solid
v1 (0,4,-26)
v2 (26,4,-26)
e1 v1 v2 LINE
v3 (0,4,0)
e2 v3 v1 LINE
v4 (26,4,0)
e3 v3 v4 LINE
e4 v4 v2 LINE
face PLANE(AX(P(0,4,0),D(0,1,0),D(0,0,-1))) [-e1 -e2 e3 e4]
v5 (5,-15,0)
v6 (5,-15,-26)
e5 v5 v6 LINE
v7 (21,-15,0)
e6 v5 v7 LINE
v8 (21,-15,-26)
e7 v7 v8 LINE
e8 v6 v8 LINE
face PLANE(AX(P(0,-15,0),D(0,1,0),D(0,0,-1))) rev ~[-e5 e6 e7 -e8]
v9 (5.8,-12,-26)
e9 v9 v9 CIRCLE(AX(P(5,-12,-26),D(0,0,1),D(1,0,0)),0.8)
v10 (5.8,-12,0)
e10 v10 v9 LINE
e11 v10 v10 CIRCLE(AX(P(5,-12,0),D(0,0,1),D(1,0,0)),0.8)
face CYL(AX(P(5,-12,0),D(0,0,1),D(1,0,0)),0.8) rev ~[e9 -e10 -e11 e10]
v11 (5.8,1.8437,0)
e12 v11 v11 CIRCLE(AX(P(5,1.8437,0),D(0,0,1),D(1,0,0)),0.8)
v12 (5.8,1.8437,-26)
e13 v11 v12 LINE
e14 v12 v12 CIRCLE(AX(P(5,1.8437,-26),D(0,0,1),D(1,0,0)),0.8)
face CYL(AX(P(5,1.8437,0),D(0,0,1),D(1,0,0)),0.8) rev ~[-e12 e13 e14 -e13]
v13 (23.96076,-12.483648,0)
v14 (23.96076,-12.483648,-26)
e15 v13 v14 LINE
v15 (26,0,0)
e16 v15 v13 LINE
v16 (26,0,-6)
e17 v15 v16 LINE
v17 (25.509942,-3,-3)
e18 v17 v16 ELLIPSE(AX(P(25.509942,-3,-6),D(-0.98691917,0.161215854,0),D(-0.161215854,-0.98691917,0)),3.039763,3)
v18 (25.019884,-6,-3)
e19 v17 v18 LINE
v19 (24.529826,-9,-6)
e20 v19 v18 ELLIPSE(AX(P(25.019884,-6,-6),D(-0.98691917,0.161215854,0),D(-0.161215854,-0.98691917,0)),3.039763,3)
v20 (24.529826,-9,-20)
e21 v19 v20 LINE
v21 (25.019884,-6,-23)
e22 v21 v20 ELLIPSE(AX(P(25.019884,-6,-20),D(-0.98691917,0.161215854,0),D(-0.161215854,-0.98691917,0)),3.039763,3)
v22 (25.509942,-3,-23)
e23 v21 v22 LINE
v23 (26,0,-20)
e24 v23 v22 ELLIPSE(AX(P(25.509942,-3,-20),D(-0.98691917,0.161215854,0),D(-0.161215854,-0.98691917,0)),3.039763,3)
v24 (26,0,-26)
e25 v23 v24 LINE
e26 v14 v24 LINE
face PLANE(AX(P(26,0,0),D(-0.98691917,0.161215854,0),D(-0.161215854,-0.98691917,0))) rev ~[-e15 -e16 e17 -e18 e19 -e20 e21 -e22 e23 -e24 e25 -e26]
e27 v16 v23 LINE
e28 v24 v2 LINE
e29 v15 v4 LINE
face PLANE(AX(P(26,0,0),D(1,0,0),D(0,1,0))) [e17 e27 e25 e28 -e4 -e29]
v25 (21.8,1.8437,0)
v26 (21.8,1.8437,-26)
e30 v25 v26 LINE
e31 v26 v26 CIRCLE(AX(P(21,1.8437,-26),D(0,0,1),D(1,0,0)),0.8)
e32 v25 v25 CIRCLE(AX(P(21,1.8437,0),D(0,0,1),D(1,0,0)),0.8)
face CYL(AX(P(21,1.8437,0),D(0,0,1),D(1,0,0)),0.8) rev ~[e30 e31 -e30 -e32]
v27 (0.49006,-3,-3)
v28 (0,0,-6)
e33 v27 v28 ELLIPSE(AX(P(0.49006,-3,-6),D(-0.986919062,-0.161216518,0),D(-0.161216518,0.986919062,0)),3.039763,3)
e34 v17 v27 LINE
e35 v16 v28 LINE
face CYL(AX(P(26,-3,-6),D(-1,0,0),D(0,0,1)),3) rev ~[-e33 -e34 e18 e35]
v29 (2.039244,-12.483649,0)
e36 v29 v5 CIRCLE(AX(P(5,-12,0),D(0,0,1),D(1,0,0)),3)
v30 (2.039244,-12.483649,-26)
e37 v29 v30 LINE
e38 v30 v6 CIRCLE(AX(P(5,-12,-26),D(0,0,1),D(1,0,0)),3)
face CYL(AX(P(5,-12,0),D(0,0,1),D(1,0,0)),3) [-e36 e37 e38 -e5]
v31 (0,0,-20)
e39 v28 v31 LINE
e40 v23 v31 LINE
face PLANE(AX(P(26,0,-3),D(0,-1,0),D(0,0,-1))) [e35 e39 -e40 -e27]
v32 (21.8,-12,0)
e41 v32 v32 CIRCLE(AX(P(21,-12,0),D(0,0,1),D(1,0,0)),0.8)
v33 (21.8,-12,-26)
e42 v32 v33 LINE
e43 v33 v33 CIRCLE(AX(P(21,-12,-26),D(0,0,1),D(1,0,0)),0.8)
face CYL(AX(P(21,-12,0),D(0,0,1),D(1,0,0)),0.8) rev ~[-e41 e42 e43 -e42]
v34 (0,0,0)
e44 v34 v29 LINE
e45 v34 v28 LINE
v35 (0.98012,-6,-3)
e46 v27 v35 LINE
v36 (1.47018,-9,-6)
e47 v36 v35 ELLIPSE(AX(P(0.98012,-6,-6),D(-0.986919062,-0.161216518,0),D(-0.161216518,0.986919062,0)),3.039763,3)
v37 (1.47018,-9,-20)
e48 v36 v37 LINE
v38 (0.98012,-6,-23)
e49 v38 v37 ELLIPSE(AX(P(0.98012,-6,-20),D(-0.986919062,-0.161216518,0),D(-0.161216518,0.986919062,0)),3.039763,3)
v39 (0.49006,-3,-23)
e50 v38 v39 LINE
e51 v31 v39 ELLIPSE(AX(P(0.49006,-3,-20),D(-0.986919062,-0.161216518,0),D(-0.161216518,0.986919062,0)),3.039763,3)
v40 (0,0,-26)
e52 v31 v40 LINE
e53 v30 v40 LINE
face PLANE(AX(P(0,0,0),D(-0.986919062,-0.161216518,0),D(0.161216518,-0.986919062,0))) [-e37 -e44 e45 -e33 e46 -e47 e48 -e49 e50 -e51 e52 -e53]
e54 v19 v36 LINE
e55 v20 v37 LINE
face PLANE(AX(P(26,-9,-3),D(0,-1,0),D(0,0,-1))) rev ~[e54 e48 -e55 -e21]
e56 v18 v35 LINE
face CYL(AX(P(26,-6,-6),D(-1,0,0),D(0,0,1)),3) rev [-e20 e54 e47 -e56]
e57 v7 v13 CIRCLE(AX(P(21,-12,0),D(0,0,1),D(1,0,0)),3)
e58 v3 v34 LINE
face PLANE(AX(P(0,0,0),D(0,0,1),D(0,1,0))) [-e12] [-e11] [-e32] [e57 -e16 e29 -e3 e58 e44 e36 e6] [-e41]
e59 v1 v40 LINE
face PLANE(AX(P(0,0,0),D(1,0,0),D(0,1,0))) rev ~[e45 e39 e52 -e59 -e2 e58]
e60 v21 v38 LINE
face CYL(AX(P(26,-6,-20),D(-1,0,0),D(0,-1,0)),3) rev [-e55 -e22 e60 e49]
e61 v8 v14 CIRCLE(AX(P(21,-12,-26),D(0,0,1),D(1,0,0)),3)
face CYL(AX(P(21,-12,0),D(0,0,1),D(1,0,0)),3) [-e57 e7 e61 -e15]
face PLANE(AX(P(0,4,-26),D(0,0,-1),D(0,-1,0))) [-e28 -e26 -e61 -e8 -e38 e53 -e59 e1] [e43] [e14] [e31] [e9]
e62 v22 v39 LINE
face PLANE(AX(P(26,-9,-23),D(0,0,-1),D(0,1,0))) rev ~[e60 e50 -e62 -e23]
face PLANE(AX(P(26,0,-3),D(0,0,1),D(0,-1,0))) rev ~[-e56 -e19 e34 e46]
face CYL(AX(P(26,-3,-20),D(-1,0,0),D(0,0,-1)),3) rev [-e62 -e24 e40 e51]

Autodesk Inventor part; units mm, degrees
ref_plane "YZ Plane" through (0, 0, 0) normal (1, 0, 0) x (0, 1, 0)
ref_plane "XZ Plane" through (0, 0, 0) normal (0, 1, 0) x (-1, 0, 0)
ref_plane "XY Plane" through (0, 0, 0) normal (0, 0, 1) x (1, 0, 0)
sketch "スケッチ3" plane through (0, 0, 0) normal (1, 0, 0) x (0, 1, 0)
  line L0 (0, 0) -> (4, 0)
  line L1 (4, 0) -> (4, -26)
  line L2 (4, -26) -> (0, -26)
  line L3 (0, -26) -> (0, 0)
  line L4 (4, 0) -> (0, 0)
  line L5 (0, 0) -> (0, -26)
  line L6 (0, -26) -> (4, -26)
  line L7 (4, -26) -> (4, 0)
  line L8 (0, 0) -> (-15, 0)
  line L9 (-15, 0) -> (-15, -26)
  line L10 (-15, -26) -> (0, -26)
  line L11 (0, -26) -> (0, 0)
  dimension "d3" = 26
  dimension "d4" = 4
  dimension "d49" = 15
extrude "押し出し2" add sketch "スケッチ3" along normal blind 26
sketch "スケッチ11" plane through (0, -15, 0) normal (0, 0, 1) x (1, 0, 0)
  circle A0 centre (5, 16.8437) radius 0.8 projected
  circle A1 centre (21, 16.8437) radius 0.8 projected
  point P0 (0, 15)
extrude "押し出し11" cut sketch "スケッチ11" against normal through all
sketch "スケッチ12" plane through (26, 0, 0) normal (1, 0, 0) x (0, 0, -1)
  line L0 (0, 4) -> (0, -15) projected
  line L1 (3, 0) -> (3, -9)
  line L2 (3, -9) -> (23, -9)
  line L3 (23, -9) -> (23, 0)
  line L4 (3, 0) -> (23, 0)
  line L5 (26, 4) -> (0, 4) projected
  line L6 (0, -15) -> (26, -15) projected
  point P0 (0, 0)
  point P1 (0, -0.1563)
  point P2 (13, 4)
  point P3 (13, 0)
  dimension "d62" = 3
  dimension "d63" = 6
extrude "押し出し12" cut sketch "スケッチ12" against normal through all
fillet "フィレット1" radius 3 4 edges at (13, 0, -23) (13, 0, -3) (13, -9, -23) (13, -9, -3)
sketch "スケッチ13" plane through (0, -15, 0) normal (0, 0, 1) x (1, 0, 0)
  line L0 (0, 15) -> (2.4503, 0)
  line L1 (0, 0) -> (26, 0) projected
  line L2 (26, 12) -> (26, 15) projected
  line L3 (26, 15) -> (23.5494, -0.0019)
  circle A0 centre (5, 3) radius 3
  circle A1 centre (21, 3) radius 3
  line L4 (0, 0) -> (26, 0) projected
  line L5 (0, 19) -> (26, 19) projected
  line L6 (13, 19) -> (13, 0)
  circle A2 centre (5, 3) radius 0.8
  circle A3 centre (21, 3) radius 0.8
  circle A4 centre (5, 16.8437) radius 0.8 projected
  circle A5 centre (21, 16.8437) radius 0.8 projected
  line L7 (0, 19) -> (0, 0) projected
  line L8 (0, 0) -> (26, 0) projected
  line L9 (26, 19) -> (26, 0) projected
  line L10 (0, 19) -> (26, 19) projected
  point P0 (5, 0)
  point P1 (2.0392, 2.5164)
  point P2 (23.9608, 2.5164)
  point P3 (21, 0)
  dimension "d64" = 16
  dimension "d65" = 6
  dimension "d66" = 1.6
  dimension "d67" = 1.6
extrude "押し出し13" cut sketch "スケッチ13" against normal through all contours L0 L1 L7 | A0 L1 L0 | A1 L3 L1 | L2 L9 L1 L3 | A2 | A3
properties part number "arm_middle"
